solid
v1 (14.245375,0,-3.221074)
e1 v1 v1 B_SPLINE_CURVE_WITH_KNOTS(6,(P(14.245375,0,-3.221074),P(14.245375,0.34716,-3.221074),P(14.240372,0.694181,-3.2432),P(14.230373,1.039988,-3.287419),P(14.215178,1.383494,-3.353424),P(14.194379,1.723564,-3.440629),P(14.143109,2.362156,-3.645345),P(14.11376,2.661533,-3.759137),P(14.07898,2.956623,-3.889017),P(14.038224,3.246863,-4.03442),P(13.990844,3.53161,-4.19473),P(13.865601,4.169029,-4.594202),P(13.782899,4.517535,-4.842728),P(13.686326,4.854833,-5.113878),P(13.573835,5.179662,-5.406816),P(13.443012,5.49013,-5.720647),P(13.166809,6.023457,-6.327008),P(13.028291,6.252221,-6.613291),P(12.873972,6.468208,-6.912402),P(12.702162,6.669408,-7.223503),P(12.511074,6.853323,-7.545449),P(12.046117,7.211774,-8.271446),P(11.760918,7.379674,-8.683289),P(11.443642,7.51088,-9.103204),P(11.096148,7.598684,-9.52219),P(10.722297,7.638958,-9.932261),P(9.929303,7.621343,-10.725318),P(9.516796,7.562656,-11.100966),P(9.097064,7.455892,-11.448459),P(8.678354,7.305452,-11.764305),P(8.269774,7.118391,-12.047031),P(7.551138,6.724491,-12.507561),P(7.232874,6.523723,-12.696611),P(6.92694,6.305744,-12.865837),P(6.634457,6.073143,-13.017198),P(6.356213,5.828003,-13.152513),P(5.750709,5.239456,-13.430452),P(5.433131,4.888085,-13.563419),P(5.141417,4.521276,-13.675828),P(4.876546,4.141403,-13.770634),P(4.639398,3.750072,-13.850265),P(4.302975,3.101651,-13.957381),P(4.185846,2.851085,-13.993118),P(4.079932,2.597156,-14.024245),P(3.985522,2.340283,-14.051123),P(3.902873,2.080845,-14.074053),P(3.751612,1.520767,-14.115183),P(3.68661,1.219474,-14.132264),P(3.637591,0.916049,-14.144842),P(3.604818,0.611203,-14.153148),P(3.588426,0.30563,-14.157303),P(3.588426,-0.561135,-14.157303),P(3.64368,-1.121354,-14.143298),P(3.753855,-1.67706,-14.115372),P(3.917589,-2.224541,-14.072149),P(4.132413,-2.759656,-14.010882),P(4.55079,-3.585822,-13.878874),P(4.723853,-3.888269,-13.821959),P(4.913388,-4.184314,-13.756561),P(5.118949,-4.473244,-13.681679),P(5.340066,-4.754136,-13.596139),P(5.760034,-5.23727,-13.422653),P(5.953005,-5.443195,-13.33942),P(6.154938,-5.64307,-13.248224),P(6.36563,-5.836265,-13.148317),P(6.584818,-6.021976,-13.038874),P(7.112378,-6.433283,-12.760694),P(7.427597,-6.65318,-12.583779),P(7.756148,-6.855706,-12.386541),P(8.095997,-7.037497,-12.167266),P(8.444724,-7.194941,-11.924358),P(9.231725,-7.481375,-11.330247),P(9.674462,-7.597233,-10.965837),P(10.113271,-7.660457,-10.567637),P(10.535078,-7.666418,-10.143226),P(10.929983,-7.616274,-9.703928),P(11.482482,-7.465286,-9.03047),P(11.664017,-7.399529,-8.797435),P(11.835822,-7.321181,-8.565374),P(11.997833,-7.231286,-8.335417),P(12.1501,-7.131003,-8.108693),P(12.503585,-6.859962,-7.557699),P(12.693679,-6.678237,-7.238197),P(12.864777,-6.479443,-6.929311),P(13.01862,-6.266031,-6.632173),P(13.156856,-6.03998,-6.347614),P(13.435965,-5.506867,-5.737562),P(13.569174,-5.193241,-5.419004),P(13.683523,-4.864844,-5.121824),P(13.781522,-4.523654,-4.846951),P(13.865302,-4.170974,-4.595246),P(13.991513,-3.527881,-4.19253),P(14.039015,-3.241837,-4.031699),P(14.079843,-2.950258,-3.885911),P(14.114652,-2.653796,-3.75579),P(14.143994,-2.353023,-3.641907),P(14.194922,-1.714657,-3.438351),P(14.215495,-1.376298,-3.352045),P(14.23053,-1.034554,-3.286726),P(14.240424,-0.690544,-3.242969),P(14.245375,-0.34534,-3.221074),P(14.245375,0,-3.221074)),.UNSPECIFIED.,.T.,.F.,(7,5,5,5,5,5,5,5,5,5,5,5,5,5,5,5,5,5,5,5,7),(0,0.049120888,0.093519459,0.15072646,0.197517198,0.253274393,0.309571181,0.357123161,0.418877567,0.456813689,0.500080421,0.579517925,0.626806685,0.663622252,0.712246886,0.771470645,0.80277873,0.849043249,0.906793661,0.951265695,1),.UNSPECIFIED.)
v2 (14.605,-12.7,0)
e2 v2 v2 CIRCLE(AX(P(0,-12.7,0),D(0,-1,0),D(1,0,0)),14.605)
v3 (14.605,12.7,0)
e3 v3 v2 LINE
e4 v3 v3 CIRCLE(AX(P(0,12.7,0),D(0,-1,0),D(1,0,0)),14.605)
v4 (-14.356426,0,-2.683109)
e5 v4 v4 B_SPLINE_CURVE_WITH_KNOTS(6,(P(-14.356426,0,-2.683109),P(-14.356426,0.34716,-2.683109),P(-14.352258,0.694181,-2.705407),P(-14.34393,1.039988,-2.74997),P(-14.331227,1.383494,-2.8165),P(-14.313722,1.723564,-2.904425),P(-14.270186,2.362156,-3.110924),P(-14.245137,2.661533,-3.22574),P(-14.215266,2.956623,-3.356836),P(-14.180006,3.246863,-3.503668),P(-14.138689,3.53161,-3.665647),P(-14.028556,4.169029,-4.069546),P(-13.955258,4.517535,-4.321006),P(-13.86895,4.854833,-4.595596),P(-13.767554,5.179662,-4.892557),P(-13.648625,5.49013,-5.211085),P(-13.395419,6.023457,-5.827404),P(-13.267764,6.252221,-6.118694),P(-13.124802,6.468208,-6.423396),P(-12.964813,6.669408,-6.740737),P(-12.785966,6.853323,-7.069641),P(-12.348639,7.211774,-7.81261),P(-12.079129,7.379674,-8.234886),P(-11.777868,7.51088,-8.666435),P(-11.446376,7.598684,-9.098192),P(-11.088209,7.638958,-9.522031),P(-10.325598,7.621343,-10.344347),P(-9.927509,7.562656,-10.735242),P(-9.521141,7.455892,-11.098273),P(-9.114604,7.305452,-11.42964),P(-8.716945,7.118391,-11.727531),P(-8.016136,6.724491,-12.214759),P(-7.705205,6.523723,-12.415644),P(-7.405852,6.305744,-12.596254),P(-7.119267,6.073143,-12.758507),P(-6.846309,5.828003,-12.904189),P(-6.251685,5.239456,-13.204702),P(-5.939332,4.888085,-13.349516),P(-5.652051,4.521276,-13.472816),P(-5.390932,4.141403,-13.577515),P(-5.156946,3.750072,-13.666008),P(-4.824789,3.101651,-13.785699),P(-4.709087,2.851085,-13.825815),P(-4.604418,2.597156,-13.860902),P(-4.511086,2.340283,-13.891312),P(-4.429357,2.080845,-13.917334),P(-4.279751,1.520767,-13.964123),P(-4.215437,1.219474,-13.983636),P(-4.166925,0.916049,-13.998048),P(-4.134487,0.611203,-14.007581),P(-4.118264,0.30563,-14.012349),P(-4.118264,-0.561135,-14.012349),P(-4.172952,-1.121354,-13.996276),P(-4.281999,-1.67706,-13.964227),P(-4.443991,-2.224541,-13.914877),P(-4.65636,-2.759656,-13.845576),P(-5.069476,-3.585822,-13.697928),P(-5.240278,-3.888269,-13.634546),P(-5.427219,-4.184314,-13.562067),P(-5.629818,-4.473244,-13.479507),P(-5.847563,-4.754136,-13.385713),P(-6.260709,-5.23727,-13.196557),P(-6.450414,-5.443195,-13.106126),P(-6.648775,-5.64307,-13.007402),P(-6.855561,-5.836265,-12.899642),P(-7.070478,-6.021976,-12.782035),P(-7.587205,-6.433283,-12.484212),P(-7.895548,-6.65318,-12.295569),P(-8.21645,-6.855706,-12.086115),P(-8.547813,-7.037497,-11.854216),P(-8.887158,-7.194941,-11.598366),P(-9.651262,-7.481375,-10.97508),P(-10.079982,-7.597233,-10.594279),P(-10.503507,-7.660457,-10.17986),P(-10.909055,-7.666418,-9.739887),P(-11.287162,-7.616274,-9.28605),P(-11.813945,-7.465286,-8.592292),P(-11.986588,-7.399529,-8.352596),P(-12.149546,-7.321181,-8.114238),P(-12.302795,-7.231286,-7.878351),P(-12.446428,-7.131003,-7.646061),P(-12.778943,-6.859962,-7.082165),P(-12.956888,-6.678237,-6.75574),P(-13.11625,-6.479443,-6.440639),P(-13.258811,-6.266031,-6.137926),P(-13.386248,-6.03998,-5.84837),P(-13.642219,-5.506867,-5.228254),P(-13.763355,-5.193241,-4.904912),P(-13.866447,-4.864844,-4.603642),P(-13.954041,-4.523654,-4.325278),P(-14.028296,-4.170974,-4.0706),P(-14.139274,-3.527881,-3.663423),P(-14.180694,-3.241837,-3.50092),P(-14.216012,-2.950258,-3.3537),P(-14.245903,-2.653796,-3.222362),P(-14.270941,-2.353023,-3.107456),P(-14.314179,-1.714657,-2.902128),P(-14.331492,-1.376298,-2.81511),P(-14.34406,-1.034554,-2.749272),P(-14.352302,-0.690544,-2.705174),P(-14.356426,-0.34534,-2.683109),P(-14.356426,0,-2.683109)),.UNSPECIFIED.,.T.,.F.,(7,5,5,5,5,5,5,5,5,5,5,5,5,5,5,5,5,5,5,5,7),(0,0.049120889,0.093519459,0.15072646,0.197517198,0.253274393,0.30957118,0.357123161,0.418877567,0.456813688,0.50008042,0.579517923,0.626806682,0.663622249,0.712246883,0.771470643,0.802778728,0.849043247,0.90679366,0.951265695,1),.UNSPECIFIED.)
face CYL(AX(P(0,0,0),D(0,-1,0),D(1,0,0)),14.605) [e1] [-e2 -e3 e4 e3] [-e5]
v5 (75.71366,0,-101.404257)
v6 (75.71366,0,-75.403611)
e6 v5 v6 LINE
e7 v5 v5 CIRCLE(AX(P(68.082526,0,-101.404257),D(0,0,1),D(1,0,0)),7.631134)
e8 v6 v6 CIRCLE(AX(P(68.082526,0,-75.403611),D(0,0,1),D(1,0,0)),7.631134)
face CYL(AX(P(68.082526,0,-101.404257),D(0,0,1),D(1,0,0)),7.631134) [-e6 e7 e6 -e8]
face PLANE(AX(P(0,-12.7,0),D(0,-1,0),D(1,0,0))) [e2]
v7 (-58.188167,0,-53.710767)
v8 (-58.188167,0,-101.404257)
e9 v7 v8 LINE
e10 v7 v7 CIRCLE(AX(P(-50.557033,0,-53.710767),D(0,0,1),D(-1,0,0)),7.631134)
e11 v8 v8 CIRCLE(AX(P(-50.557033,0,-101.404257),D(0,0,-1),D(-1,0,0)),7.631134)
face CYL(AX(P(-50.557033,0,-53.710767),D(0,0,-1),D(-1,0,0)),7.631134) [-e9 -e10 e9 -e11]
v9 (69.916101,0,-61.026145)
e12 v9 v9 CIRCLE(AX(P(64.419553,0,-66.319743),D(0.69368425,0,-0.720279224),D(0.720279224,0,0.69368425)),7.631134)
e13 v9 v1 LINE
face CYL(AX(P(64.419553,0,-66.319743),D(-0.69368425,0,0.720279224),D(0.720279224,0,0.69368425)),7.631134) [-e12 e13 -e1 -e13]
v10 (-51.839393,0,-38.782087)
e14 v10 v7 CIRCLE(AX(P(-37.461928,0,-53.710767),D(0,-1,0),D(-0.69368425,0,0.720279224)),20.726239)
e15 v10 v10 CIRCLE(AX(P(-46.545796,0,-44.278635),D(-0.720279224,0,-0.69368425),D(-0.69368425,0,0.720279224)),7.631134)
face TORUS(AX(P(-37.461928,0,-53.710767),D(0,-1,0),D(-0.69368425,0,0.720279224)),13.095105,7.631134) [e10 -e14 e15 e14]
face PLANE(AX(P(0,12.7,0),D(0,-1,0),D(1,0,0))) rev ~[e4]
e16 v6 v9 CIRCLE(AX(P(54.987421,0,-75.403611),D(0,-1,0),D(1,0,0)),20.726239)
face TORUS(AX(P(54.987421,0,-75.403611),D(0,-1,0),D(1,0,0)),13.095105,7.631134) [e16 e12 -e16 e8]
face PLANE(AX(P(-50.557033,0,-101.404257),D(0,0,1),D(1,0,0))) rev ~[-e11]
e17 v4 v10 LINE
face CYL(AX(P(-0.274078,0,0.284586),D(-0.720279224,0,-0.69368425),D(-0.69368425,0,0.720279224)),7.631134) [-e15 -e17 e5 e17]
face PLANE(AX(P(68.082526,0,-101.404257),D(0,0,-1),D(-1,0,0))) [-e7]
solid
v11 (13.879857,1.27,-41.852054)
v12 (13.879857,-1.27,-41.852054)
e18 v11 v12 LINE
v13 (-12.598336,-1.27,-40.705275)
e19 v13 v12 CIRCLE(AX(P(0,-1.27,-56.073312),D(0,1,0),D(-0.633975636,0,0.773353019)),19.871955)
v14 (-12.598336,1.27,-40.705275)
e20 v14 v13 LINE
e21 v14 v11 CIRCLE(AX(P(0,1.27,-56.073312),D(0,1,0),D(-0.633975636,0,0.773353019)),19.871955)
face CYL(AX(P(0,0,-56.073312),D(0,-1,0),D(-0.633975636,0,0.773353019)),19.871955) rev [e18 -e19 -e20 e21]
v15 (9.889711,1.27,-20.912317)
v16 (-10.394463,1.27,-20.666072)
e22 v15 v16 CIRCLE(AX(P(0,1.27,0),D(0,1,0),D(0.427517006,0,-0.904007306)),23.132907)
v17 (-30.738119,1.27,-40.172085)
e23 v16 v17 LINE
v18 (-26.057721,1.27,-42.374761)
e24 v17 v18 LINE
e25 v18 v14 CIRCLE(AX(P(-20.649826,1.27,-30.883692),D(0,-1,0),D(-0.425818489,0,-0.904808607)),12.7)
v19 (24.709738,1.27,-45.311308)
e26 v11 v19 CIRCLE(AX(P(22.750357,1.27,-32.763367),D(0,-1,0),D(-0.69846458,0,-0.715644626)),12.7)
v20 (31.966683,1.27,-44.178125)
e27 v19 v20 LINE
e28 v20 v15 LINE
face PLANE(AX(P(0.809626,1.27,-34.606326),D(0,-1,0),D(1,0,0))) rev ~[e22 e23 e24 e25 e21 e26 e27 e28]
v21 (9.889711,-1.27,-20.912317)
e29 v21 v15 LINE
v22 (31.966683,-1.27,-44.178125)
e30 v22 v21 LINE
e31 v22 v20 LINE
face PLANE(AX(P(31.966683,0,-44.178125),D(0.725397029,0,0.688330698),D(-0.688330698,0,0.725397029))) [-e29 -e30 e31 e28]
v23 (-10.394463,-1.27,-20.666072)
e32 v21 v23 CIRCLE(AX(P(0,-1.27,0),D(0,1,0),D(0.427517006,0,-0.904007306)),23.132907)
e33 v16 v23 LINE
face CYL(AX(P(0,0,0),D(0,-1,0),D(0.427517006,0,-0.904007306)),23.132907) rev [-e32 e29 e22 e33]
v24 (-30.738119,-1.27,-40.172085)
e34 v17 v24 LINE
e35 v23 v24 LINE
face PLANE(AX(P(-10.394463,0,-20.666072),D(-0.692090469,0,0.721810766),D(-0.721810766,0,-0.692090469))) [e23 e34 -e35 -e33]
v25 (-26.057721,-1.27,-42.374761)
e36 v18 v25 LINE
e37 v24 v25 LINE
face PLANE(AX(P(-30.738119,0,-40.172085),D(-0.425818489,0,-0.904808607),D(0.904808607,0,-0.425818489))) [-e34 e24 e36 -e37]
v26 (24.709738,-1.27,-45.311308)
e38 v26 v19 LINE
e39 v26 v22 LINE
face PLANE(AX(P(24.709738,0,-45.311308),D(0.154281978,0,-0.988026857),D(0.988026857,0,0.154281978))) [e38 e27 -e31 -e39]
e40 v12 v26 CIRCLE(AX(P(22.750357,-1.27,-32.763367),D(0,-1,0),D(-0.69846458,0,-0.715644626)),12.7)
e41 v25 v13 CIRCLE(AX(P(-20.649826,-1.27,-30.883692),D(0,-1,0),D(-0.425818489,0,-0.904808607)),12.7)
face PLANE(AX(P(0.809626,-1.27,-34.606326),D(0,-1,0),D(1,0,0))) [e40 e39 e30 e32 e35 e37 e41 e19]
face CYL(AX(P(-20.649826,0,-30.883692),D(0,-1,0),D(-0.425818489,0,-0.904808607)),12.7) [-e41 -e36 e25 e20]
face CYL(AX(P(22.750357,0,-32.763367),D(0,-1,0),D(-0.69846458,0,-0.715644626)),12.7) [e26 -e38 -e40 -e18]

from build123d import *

# Parameters (mm, degrees)
F3_R     = 14.605
F4_DEPTH = 12.7
F2_R     = 7.6311340138
F7_DEPTH = 1.27


with BuildPart() as f4:
    # F3 (on Front) → F4 (new body, symmetric)
    with BuildSketch(Plane.XZ):
        Circle(F3_R)
    extrude(amount=F4_DEPTH, both=True)

    # F5: sweep along a path in F0
    with BuildLine(Plane.XZ) as f5_path:
        Line((67.6874214057, -101.4042571187), (67.6874214057, -75.40361079))
        ThreePointArc((67.6874214057, -75.40361079), (66.7658728333, -70.6540758688), (64.1349675525, -66.59382081))
        Line((64.1349675525, -66.59382081), (0, 0))
        Line((0, 0), (-46.2717179185, -44.5632205993))
        ThreePointArc((-46.2717179185, -44.5632205993), (-49.1489791651, -48.74057222), (-50.1619279385, -53.710766746))
        Line((-50.1619279385, -53.710766746), (-50.1619279385, -101.4042571187))
    # F2 (on line) → F5 (sweep)
    with BuildSketch(Plane(origin=(0, 0, -101.4042571187), x_dir=(1, 0, 0), z_dir=(0, 0, -1))):
        with Locations((68.0825263262, 0)):
            Circle(F2_R)
    sweep(path=f5_path.line, transition=Transition.RIGHT)


with BuildPart() as f7:
    # F6 (on Front) → F7 (new body, symmetric)
    with BuildSketch(Plane.XZ):
        with BuildLine():
            ThreePointArc((9.8897112632, -20.9123172234), (-0.2808074344, -23.1312029023), (-10.3944632585, -20.6660720527))
            Line((-10.3944632585, -20.6660720527), (-30.738119036, -40.172085166))
            Line((-30.738119036, -40.172085166), (-26.0577209294, -42.374760996))
            ThreePointArc((-26.0577209294, -42.374760996), (-19.0865137753, -43.4871060906), (-12.5983355416, -40.7052750384))
            ThreePointArc((-12.5983355416, -40.7052750384), (0.8598543979, -36.2199679132), (13.8798569548, -41.8520536613))
            ThreePointArc((13.8798569548, -41.8520536613), (18.8860975869, -44.8611972259), (24.7097382477, -45.3113080046))
            Line((24.7097382477, -45.3113080046), (31.9666825235, -44.1781245172))
            Line((31.9666825235, -44.1781245172), (9.8897112632, -20.9123172234))
        make_face()
    extrude(amount=F7_DEPTH, both=True)


solid = Compound([f4.part, f7.part])
